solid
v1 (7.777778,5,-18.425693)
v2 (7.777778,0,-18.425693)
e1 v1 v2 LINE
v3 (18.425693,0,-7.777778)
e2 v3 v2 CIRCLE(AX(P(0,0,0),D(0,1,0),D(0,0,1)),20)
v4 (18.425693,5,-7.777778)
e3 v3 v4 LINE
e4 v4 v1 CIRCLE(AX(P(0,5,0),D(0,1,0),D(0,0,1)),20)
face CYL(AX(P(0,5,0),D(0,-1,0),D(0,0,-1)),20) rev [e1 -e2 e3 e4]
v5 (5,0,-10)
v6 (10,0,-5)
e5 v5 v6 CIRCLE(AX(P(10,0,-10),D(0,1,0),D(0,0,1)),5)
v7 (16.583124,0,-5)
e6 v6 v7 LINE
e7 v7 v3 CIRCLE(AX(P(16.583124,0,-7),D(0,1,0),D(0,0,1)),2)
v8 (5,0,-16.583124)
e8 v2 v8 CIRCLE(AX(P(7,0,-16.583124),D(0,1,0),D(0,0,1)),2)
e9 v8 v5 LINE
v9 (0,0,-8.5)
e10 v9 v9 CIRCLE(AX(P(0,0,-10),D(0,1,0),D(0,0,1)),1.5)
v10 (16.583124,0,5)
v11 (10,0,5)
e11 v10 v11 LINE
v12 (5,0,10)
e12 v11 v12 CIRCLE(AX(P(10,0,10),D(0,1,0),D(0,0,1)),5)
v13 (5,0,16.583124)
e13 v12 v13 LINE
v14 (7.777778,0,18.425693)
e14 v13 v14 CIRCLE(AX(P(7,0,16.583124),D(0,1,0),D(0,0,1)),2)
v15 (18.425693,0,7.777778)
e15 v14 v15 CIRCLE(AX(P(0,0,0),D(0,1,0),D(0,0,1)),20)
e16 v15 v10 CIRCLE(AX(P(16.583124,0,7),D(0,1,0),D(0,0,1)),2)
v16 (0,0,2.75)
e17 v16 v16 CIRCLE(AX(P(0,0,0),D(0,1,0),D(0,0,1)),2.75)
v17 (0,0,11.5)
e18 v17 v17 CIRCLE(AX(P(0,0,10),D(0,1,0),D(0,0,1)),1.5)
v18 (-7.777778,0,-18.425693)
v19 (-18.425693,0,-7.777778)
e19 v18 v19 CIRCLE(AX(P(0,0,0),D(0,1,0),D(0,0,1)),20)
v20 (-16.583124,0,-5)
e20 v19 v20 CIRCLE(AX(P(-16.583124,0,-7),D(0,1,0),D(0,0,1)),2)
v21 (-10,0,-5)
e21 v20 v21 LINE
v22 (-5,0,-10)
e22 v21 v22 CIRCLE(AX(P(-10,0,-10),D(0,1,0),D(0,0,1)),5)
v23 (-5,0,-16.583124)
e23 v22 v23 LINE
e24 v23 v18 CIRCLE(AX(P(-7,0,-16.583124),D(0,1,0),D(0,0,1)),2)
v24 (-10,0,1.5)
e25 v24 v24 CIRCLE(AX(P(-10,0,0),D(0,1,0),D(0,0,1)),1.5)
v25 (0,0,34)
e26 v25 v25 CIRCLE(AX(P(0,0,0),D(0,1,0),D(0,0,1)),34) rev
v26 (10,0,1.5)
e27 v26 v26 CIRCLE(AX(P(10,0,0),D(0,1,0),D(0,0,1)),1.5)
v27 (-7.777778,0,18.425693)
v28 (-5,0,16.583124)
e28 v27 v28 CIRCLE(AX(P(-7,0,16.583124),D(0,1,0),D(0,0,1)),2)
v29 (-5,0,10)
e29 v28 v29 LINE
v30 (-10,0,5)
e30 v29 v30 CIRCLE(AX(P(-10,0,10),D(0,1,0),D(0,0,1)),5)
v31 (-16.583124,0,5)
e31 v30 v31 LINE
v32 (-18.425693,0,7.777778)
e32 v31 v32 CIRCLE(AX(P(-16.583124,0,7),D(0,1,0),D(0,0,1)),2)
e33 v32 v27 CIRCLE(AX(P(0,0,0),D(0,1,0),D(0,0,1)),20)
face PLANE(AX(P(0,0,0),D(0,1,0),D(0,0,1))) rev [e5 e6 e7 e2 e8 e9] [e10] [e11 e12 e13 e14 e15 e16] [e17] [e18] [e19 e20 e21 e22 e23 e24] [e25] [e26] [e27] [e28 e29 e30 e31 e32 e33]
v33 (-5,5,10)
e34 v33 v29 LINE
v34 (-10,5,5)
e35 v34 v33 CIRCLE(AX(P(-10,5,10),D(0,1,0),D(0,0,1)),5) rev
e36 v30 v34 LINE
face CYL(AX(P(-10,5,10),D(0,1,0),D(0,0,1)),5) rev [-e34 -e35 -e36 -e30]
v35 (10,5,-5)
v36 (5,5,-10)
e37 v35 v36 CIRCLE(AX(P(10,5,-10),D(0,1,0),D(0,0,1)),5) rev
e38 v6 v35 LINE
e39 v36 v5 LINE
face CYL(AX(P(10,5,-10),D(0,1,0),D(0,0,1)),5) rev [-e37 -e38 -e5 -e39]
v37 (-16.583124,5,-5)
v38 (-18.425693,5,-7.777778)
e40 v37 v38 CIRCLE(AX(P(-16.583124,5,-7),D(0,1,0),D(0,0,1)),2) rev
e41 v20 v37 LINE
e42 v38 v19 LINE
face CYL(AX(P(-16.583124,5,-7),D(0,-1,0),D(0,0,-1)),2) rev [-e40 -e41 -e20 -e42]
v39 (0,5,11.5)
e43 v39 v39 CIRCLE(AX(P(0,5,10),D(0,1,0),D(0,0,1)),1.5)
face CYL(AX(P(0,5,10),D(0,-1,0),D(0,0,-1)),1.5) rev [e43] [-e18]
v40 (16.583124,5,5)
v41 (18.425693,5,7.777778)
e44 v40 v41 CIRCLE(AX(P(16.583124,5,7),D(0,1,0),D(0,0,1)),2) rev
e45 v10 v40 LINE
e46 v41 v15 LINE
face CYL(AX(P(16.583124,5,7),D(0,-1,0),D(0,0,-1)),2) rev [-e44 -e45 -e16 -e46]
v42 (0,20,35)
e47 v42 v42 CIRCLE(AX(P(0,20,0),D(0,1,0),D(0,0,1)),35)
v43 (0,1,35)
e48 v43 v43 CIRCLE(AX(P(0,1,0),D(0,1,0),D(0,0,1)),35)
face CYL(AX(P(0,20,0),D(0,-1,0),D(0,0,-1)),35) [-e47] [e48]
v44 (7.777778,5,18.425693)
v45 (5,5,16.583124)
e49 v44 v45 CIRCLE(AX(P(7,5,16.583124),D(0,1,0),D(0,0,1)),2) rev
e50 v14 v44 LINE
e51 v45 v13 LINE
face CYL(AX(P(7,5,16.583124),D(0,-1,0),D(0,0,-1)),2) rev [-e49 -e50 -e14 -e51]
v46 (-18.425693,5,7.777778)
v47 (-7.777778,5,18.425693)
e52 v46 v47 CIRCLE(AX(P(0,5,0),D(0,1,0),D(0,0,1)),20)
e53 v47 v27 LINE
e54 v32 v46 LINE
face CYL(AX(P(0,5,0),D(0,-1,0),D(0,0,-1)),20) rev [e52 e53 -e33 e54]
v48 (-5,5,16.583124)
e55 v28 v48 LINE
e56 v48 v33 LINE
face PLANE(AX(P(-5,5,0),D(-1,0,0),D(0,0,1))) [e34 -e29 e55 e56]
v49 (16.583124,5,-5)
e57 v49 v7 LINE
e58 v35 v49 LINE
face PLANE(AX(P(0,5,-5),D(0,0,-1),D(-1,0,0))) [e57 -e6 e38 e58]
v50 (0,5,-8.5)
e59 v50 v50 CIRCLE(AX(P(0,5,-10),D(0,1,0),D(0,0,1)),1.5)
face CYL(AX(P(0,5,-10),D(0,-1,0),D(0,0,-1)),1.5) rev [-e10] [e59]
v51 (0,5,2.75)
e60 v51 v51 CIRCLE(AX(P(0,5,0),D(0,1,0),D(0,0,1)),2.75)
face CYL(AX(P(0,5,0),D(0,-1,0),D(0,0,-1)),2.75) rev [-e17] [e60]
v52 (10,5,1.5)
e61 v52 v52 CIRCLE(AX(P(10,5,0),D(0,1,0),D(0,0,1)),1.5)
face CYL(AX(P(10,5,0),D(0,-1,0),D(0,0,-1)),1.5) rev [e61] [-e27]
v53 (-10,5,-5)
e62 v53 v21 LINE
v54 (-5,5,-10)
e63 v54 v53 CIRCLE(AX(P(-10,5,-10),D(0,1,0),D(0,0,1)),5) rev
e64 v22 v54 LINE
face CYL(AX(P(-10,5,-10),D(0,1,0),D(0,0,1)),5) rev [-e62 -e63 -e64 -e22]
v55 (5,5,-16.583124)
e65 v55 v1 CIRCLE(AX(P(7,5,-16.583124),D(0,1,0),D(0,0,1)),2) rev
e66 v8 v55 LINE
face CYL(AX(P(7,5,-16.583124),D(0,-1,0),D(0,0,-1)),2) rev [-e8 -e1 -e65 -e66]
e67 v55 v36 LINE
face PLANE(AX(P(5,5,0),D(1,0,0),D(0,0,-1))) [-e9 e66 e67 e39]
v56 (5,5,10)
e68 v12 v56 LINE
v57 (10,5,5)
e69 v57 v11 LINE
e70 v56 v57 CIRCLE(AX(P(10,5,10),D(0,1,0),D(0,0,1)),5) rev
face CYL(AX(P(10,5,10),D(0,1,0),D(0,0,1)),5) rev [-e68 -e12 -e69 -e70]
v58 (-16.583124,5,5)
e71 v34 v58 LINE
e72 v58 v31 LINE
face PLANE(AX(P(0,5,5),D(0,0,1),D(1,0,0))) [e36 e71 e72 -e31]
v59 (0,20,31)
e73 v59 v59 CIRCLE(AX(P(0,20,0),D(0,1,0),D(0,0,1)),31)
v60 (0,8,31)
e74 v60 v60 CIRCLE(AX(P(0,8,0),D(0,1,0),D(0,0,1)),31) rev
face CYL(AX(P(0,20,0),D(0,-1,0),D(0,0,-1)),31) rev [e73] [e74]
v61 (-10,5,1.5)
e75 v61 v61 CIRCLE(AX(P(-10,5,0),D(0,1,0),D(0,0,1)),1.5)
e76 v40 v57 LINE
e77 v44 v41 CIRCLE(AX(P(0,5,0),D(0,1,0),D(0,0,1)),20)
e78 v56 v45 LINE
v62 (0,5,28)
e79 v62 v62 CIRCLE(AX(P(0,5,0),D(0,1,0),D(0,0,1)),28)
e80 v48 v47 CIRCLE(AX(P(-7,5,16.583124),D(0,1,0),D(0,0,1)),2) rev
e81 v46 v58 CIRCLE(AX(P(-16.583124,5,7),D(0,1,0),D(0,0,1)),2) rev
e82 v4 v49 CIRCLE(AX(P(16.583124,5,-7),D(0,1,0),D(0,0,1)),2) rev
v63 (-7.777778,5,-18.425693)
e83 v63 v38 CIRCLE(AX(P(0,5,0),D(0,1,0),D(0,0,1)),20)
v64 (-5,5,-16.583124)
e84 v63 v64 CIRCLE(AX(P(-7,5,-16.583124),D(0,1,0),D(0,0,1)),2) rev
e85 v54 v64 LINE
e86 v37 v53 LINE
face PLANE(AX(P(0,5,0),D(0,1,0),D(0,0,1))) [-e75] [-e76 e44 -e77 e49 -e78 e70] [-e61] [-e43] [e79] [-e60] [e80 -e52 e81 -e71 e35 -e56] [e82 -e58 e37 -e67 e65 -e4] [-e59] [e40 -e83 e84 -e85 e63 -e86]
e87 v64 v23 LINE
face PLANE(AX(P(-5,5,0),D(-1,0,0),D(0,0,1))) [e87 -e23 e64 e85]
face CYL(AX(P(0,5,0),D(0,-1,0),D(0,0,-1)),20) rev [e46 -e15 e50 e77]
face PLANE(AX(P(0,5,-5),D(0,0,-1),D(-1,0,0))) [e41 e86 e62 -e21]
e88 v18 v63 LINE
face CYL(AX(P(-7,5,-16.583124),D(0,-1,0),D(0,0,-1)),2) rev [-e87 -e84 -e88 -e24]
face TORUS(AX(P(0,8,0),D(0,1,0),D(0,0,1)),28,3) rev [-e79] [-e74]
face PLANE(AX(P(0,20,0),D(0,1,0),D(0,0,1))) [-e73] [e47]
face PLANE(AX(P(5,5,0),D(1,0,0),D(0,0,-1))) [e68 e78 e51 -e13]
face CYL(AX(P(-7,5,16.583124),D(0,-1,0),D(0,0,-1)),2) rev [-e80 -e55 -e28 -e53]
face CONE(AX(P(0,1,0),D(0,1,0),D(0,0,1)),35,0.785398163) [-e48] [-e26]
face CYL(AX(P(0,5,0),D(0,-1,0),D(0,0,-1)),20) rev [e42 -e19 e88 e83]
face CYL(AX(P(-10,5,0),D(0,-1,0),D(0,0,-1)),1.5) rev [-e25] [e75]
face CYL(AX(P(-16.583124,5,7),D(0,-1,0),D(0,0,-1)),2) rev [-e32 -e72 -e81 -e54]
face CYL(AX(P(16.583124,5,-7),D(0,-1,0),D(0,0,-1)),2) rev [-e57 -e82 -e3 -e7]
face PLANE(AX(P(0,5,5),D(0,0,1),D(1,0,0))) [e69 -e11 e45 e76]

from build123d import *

# Parameters (mm, degrees)
SKETCH_1_R      = 31
SKETCH_1_R_2    = 1.5
SKETCH_1_R_3    = 2.75
EXTRUDE_1_DEPTH = 5
SKETCH_1_4_R    = 35
SKETCH_1_4_R_2  = 31
EXTRUDE_3_DEPTH = 20
FILLET_1_R      = 5
FILLET_2_R      = 2
CHAMFER_1_SIZE  = 1
FILLET_3_R      = 3


with BuildPart() as part:
    # 草图1 → 凸台-拉伸1 (new body)
    with BuildSketch(Plane(origin=(0, 0, 0), x_dir=(1, 0, 0), z_dir=(0, 1, 0))):
        Circle(SKETCH_1_R)
        with BuildLine():
            Line((-5, -5), (-5, -19.364916731))
            ThreePointArc((-5, -19.364916731), (-14.142135624, -14.142135624), (-19.364916731, -5))
            Line((-19.364916731, -5), (-5, -5))
        make_face(mode=Mode.SUBTRACT)
        with Locations((0, -10)):
            Circle(SKETCH_1_R_2, mode=Mode.SUBTRACT)
        with BuildLine():
            Line((5, -5), (19.364916731, -5))
            ThreePointArc((19.364916731, -5), (14.142135624, -14.142135624), (5, -19.364916731))
            Line((5, -19.364916731), (5, -5))
        make_face(mode=Mode.SUBTRACT)
        with Locations((-10, 0)):
            Circle(SKETCH_1_R_2, mode=Mode.SUBTRACT)
        with BuildLine():
            Line((-5, 5), (-19.364916731, 5))
            ThreePointArc((-19.364916731, 5), (-14.142135624, 14.142135624), (-5, 19.364916731))
            Line((-5, 19.364916731), (-5, 5))
        make_face(mode=Mode.SUBTRACT)
        Circle(SKETCH_1_R_3, mode=Mode.SUBTRACT)
        with Locations((10, 0)):
            Circle(SKETCH_1_R_2, mode=Mode.SUBTRACT)
        with Locations((0, 10)):
            Circle(SKETCH_1_R_2, mode=Mode.SUBTRACT)
        with BuildLine():
            Line((5, 5), (5, 19.364916731))
            ThreePointArc((5, 19.364916731), (14.142135624, 14.142135624), (19.364916731, 5))
            Line((19.364916731, 5), (5, 5))
        make_face(mode=Mode.SUBTRACT)
    extrude(amount=EXTRUDE_1_DEPTH)

    # 草图1<4> → 凸台-拉伸3 (add)
    with BuildSketch(Plane(origin=(0, 0, 0), x_dir=(1, 0, 0), z_dir=(0, 1, 0))):
        Circle(SKETCH_1_4_R)
        Circle(SKETCH_1_4_R_2, mode=Mode.SUBTRACT)
    extrude(amount=EXTRUDE_3_DEPTH)

    # 圆角1
    fillet_1_edges = [part.edges().sort_by_distance(p)[0] for p in [
        (-5, 2.5, 5),
        (5, 2.5, 5),
        (5, 2.5, -5),
        (-5, 2.5, -5),
    ]]
    fillet(fillet_1_edges, radius=FILLET_1_R)

    # 圆角2
    fillet_2_edges = [part.edges().sort_by_distance(p)[0] for p in [
        (5, 2.5, 19.364916731),
        (19.364916731, 2.5, 5),
        (19.364916731, 2.5, -5),
        (5, 2.5, -19.364916731),
        (-5, 2.5, 19.364916731),
        (-19.364916731, 2.5, 5),
        (-5, 2.5, -19.364916731),
        (-19.364916731, 2.5, -5),
    ]]
    fillet(fillet_2_edges, radius=FILLET_2_R)

    # 倒角1
    chamfer_1_edges = [part.edges().sort_by_distance(p)[0] for p in [
        (-35, 0, 0),
    ]]
    chamfer(chamfer_1_edges, length=CHAMFER_1_SIZE)

    # 圆角3
    fillet_3_edges = [part.edges().sort_by_distance(p)[0] for p in [
        (-31, 5, 0),
    ]]
    fillet(fillet_3_edges, radius=FILLET_3_R)


solid = part.part
